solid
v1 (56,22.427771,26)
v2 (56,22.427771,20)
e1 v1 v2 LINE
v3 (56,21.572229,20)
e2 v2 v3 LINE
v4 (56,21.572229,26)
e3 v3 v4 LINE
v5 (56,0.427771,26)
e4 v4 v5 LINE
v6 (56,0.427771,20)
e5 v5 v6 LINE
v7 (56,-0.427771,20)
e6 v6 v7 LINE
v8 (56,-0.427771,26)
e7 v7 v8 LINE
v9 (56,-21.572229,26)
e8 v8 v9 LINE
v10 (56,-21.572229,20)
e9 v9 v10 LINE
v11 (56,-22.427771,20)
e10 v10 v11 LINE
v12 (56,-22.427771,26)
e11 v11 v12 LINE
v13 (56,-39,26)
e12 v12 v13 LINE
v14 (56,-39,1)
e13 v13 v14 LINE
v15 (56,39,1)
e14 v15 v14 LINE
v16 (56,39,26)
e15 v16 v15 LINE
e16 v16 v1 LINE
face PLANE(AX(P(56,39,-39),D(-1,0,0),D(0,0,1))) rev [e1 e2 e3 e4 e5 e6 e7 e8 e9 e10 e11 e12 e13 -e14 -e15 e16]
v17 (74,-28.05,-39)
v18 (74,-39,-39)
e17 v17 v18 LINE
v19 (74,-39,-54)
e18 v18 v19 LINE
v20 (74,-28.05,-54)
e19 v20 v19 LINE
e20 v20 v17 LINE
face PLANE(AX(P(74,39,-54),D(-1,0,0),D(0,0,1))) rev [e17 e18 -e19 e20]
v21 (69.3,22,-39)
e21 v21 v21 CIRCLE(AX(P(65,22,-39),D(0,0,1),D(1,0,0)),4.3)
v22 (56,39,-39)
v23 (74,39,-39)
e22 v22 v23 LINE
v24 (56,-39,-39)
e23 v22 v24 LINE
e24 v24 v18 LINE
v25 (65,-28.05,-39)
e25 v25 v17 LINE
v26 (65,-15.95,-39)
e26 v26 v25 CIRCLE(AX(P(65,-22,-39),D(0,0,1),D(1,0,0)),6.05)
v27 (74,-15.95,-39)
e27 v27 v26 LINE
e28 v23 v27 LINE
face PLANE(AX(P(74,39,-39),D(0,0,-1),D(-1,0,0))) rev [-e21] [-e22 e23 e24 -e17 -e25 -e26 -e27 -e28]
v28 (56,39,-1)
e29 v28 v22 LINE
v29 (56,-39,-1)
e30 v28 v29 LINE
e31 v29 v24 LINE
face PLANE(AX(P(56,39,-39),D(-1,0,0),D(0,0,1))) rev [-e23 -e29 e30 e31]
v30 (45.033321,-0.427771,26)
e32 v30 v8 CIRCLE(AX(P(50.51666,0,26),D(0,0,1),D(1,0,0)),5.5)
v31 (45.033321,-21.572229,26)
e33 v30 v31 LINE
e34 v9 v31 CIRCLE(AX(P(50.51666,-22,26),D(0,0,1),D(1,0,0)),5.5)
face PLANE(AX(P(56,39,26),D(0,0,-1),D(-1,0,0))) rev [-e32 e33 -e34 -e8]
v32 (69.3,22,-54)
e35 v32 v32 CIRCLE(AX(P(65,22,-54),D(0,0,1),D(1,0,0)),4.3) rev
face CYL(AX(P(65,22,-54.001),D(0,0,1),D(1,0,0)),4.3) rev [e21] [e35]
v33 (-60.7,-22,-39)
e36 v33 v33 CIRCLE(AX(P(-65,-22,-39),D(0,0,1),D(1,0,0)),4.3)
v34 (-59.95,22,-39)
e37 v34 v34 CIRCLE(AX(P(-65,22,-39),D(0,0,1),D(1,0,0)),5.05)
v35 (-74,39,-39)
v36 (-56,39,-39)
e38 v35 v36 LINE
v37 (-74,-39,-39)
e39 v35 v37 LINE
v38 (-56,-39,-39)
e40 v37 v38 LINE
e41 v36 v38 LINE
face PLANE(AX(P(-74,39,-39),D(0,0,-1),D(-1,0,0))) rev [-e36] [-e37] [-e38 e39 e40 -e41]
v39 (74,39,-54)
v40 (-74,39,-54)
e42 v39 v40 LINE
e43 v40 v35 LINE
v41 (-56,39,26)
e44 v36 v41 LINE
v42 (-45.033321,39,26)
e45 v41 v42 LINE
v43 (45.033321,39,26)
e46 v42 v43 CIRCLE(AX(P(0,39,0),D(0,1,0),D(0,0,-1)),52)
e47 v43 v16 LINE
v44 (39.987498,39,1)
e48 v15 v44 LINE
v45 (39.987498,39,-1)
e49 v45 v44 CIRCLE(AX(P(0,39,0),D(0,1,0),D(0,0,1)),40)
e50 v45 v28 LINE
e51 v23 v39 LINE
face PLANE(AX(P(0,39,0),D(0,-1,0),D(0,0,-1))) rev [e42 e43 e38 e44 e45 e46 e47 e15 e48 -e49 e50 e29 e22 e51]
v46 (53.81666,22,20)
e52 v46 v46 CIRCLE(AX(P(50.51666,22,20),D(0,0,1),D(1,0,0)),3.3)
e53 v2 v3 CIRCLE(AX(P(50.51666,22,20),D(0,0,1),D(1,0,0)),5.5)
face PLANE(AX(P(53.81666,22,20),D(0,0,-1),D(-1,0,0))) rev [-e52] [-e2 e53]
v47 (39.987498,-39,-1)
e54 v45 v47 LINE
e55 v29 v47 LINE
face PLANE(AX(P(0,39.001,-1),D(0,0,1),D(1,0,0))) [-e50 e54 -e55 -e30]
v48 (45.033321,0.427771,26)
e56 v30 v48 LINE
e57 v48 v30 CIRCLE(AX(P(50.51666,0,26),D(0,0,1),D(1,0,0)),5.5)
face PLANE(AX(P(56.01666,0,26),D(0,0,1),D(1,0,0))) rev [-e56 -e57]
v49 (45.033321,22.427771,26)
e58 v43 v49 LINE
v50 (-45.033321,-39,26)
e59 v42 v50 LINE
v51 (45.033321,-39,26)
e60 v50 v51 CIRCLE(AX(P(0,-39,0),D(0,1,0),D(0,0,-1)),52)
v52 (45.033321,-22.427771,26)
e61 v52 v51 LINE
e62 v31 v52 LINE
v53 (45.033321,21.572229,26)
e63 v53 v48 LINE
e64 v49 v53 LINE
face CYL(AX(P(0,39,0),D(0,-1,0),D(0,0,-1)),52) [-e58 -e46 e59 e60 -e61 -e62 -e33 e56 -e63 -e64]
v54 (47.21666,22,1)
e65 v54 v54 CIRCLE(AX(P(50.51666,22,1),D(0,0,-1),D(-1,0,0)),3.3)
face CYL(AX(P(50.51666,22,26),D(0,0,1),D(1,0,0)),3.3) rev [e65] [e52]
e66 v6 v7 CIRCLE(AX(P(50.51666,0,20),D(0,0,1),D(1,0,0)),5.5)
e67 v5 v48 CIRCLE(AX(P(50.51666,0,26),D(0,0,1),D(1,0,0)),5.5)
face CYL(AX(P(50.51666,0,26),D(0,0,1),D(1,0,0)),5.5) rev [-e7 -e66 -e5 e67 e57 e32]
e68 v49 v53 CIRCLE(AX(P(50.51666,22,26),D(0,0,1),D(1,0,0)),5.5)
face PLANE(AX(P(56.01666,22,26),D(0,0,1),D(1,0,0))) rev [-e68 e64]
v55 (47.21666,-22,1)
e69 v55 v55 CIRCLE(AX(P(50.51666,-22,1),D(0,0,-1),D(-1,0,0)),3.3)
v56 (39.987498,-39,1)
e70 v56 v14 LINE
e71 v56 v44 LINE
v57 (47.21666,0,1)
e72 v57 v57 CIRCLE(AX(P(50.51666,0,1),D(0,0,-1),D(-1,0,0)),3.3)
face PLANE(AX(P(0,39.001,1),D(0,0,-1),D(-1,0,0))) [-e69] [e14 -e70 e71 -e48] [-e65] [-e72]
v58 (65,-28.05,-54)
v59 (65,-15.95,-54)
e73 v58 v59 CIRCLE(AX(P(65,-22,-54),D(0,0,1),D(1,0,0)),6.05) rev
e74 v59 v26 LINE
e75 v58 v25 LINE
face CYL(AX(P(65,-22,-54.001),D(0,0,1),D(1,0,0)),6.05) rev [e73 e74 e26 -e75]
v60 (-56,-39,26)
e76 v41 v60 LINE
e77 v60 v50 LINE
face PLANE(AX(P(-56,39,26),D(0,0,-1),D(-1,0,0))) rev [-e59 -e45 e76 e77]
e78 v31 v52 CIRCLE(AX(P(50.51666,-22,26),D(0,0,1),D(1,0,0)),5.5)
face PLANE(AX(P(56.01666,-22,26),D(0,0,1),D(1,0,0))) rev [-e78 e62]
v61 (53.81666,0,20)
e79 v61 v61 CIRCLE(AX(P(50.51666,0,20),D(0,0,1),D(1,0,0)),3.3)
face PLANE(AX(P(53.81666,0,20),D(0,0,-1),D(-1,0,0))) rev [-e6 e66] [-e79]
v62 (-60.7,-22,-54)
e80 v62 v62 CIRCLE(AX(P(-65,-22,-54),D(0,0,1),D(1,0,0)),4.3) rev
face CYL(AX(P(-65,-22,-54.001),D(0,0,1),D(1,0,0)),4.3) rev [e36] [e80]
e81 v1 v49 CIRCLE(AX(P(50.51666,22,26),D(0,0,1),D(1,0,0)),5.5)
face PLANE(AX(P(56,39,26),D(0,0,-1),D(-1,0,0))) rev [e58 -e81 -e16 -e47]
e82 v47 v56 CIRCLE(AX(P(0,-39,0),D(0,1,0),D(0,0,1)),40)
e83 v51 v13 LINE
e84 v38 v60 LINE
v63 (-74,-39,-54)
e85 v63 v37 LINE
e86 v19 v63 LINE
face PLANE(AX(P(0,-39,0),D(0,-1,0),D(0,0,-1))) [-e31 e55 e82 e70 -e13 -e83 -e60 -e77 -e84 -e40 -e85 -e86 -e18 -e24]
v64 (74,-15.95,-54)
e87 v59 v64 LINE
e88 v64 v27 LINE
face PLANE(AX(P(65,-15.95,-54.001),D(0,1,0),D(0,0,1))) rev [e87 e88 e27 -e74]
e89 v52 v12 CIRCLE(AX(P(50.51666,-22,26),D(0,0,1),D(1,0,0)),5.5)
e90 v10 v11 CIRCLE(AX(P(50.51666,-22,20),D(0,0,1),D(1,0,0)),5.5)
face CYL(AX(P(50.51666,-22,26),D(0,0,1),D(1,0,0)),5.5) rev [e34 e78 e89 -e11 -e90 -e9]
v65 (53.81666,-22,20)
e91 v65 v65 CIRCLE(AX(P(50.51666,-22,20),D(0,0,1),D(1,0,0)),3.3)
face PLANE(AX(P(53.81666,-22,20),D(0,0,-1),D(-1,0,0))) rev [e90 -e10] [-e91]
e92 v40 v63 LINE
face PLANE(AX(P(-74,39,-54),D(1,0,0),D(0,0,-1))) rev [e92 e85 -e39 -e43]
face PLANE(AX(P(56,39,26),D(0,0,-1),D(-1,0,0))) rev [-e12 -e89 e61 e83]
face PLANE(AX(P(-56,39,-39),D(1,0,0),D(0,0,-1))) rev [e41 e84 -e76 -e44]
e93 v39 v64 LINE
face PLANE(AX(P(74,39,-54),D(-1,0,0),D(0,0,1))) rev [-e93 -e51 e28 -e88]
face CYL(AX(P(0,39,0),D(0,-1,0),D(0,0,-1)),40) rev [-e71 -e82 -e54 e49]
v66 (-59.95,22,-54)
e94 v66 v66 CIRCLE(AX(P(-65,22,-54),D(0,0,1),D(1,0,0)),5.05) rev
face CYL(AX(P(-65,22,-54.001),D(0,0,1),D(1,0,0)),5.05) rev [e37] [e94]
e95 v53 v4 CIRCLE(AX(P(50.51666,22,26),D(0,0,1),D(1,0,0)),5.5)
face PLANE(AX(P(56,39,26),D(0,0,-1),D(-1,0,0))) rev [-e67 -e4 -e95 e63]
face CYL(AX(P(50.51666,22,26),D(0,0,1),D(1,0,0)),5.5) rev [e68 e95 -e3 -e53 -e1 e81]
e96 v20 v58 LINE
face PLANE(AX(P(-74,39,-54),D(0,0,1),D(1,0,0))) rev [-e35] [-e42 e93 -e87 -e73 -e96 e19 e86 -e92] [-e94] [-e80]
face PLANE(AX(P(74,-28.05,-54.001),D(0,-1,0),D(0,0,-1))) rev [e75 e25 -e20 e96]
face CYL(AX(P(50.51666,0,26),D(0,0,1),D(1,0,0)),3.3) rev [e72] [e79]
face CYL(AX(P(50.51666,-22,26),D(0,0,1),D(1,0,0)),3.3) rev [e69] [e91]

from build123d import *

# Parameters (mm, degrees)
SKETCH1_R                      = 40
BOSS_EXTRUDE1_DEPTH            = 39
CUT_EXTRUDE1_REACH             = 101.564
SKETCH2_W                      = 56
SKETCH2_H                      = 2
CUT_EXTRUDE1_DIRECTION_2_REACH = 101.564
CBORE_FOR_M6_SHCS1_AT_2_COUNT  = 2
CBORE_FOR_M6_SHCS1_AT_2_PITCH  = 22
CBORE_FOR_M6_SHCS1_AT_3_COUNT  = 2
CBORE_FOR_M6_SHCS1_AT_3_PITCH  = 44
CUT_EXTRUDE2_REACH             = 125.604
SKETCH5_R                      = 4.3
SKETCH5_R_2                    = 5.05


with BuildPart() as part:
    # Sketch1 → Boss-Extrude1 (new, symmetric)
    with BuildSketch(Plane(origin=(0, 0, 0), x_dir=(1, 0, 0), z_dir=(0, 1, 0))):
        with BuildLine():
            Line((-74, 54), (74, 54))
            Line((74, 54), (74, 39))
            Line((74, 39), (56, 39))
            Line((56, 39), (56, -26))
            Line((56, -26), (45.033320997, -26))
            ThreePointArc((45.033320997, -26), (0, -52), (-45.033320997, -26))
            Line((-45.033320997, -26), (-56, -26))
            Line((-56, -26), (-56, 39))
            Line((-56, 39), (-74, 39))
            Line((-74, 39), (-74, 54))
        make_face()
        with Locations(Location((0, 0, 0), (0, 0, 270))):
            Circle(SKETCH1_R, mode=Mode.SUBTRACT)
    extrude(amount=BOSS_EXTRUDE1_DEPTH, both=True)

    # Sketch2 → Cut-Extrude1 (cut, up to next)
    with BuildSketch(Plane(origin=(0, 0, 0), x_dir=(1, 0, 0), z_dir=(0, 1, 0)), mode=Mode.PRIVATE) as cut_extrude1_sk1:
        with Locations((28, 0)):
            Rectangle(SKETCH2_W, SKETCH2_H)
    cut_extrude1_tool1 = extrude(cut_extrude1_sk1.sketch, amount=-CUT_EXTRUDE1_REACH, mode=Mode.PRIVATE) & part.part
    add(cut_extrude1_tool1.solids().sort_by_distance((28, 0, 0))[0], mode=Mode.SUBTRACT)

    # Sketch2 → Cut-Extrude1 direction 2 (cut, up to next)
    with BuildSketch(Plane(origin=(0, 0, 0), x_dir=(1, 0, 0), z_dir=(0, 1, 0)), mode=Mode.PRIVATE) as cut_extrude1_direction_2_sk1:
        with Locations((28, 0)):
            Rectangle(SKETCH2_W, SKETCH2_H)
    cut_extrude1_direction_2_tool1 = extrude(cut_extrude1_direction_2_sk1.sketch, amount=CUT_EXTRUDE1_DIRECTION_2_REACH, mode=Mode.PRIVATE) & part.part
    add(cut_extrude1_direction_2_tool1.solids().sort_by_distance((28, 0, 0))[0], mode=Mode.SUBTRACT)

    # Sketch4 → CBORE for M6 SHCS1 (revolve, cut)
    with BuildSketch(Plane(origin=(50.516660498, 22, 26), x_dir=(0, -1, 0), z_dir=(1, 0, 0))):
        Polygon((0, 0), (0, 25), (3.3, 25), (3.3, 6), (5.5, 6), (5.5, 0), align=None)
    cbore_for_m6_shcs1 = revolve(axis=Axis((50.516660498, 22, 32.35), (0, 0, -1)), mode=Mode.SUBTRACT)

    # CBORE for M6 SHCS1 at 2: CBORE for M6 SHCS1 ×2
    with Locations(*[(0, -i * CBORE_FOR_M6_SHCS1_AT_2_PITCH, 0) for i in range(1, CBORE_FOR_M6_SHCS1_AT_2_COUNT)]):
        add(cbore_for_m6_shcs1, mode=Mode.SUBTRACT)

    # CBORE for M6 SHCS1 at 3: CBORE for M6 SHCS1 ×2
    with Locations(*[(0, -i * CBORE_FOR_M6_SHCS1_AT_3_PITCH, 0) for i in range(1, CBORE_FOR_M6_SHCS1_AT_3_COUNT)]):
        add(cbore_for_m6_shcs1, mode=Mode.SUBTRACT)

    # Sketch5 → Cut-Extrude2 (cut, up to next)
    with BuildSketch(Plane.XY.offset(-39), mode=Mode.PRIVATE) as cut_extrude2_sk1:
        with Locations((65, 22)):
            Circle(SKETCH5_R)
    cut_extrude2_tool1 = extrude(cut_extrude2_sk1.sketch, amount=-CUT_EXTRUDE2_REACH, mode=Mode.PRIVATE) & part.part
    # Sketch5 → Cut-Extrude2 (cut, up to next)
    with BuildSketch(Plane.XY.offset(-39), mode=Mode.PRIVATE) as cut_extrude2_sk2:
        with Locations((-65, -22)):
            Circle(SKETCH5_R)
    cut_extrude2_tool2 = extrude(cut_extrude2_sk2.sketch, amount=-CUT_EXTRUDE2_REACH, mode=Mode.PRIVATE) & part.part
    # Sketch5 → Cut-Extrude2 (cut, up to next)
    with BuildSketch(Plane.XY.offset(-39), mode=Mode.PRIVATE) as cut_extrude2_sk3:
        with Locations((-65, 22)):
            Circle(SKETCH5_R_2)
    cut_extrude2_tool3 = extrude(cut_extrude2_sk3.sketch, amount=-CUT_EXTRUDE2_REACH, mode=Mode.PRIVATE) & part.part
    # Sketch5 → Cut-Extrude2 (cut, up to next)
    with BuildSketch(Plane.XY.offset(-39), mode=Mode.PRIVATE) as cut_extrude2_sk4:
        with BuildLine():
            Line((65, -15.95), (74, -15.95))
            Line((74, -15.95), (74, -28.05))
            Line((74, -28.05), (65, -28.05))
            ThreePointArc((65, -28.05), (58.95, -22), (65, -15.95))
        make_face()
    cut_extrude2_tool4 = extrude(cut_extrude2_sk4.sketch, amount=-CUT_EXTRUDE2_REACH, mode=Mode.PRIVATE) & part.part
    add(cut_extrude2_tool1.solids().sort_by_distance((65, 22, -39))[0], mode=Mode.SUBTRACT)
    add(cut_extrude2_tool2.solids().sort_by_distance((-65, -22, -39))[0], mode=Mode.SUBTRACT)
    add(cut_extrude2_tool3.solids().sort_by_distance((-65, 22, -39))[0], mode=Mode.SUBTRACT)
    add(cut_extrude2_tool4.solids().sort_by_distance((67.057873, -22, -39))[0], mode=Mode.SUBTRACT)


solid = part.part
